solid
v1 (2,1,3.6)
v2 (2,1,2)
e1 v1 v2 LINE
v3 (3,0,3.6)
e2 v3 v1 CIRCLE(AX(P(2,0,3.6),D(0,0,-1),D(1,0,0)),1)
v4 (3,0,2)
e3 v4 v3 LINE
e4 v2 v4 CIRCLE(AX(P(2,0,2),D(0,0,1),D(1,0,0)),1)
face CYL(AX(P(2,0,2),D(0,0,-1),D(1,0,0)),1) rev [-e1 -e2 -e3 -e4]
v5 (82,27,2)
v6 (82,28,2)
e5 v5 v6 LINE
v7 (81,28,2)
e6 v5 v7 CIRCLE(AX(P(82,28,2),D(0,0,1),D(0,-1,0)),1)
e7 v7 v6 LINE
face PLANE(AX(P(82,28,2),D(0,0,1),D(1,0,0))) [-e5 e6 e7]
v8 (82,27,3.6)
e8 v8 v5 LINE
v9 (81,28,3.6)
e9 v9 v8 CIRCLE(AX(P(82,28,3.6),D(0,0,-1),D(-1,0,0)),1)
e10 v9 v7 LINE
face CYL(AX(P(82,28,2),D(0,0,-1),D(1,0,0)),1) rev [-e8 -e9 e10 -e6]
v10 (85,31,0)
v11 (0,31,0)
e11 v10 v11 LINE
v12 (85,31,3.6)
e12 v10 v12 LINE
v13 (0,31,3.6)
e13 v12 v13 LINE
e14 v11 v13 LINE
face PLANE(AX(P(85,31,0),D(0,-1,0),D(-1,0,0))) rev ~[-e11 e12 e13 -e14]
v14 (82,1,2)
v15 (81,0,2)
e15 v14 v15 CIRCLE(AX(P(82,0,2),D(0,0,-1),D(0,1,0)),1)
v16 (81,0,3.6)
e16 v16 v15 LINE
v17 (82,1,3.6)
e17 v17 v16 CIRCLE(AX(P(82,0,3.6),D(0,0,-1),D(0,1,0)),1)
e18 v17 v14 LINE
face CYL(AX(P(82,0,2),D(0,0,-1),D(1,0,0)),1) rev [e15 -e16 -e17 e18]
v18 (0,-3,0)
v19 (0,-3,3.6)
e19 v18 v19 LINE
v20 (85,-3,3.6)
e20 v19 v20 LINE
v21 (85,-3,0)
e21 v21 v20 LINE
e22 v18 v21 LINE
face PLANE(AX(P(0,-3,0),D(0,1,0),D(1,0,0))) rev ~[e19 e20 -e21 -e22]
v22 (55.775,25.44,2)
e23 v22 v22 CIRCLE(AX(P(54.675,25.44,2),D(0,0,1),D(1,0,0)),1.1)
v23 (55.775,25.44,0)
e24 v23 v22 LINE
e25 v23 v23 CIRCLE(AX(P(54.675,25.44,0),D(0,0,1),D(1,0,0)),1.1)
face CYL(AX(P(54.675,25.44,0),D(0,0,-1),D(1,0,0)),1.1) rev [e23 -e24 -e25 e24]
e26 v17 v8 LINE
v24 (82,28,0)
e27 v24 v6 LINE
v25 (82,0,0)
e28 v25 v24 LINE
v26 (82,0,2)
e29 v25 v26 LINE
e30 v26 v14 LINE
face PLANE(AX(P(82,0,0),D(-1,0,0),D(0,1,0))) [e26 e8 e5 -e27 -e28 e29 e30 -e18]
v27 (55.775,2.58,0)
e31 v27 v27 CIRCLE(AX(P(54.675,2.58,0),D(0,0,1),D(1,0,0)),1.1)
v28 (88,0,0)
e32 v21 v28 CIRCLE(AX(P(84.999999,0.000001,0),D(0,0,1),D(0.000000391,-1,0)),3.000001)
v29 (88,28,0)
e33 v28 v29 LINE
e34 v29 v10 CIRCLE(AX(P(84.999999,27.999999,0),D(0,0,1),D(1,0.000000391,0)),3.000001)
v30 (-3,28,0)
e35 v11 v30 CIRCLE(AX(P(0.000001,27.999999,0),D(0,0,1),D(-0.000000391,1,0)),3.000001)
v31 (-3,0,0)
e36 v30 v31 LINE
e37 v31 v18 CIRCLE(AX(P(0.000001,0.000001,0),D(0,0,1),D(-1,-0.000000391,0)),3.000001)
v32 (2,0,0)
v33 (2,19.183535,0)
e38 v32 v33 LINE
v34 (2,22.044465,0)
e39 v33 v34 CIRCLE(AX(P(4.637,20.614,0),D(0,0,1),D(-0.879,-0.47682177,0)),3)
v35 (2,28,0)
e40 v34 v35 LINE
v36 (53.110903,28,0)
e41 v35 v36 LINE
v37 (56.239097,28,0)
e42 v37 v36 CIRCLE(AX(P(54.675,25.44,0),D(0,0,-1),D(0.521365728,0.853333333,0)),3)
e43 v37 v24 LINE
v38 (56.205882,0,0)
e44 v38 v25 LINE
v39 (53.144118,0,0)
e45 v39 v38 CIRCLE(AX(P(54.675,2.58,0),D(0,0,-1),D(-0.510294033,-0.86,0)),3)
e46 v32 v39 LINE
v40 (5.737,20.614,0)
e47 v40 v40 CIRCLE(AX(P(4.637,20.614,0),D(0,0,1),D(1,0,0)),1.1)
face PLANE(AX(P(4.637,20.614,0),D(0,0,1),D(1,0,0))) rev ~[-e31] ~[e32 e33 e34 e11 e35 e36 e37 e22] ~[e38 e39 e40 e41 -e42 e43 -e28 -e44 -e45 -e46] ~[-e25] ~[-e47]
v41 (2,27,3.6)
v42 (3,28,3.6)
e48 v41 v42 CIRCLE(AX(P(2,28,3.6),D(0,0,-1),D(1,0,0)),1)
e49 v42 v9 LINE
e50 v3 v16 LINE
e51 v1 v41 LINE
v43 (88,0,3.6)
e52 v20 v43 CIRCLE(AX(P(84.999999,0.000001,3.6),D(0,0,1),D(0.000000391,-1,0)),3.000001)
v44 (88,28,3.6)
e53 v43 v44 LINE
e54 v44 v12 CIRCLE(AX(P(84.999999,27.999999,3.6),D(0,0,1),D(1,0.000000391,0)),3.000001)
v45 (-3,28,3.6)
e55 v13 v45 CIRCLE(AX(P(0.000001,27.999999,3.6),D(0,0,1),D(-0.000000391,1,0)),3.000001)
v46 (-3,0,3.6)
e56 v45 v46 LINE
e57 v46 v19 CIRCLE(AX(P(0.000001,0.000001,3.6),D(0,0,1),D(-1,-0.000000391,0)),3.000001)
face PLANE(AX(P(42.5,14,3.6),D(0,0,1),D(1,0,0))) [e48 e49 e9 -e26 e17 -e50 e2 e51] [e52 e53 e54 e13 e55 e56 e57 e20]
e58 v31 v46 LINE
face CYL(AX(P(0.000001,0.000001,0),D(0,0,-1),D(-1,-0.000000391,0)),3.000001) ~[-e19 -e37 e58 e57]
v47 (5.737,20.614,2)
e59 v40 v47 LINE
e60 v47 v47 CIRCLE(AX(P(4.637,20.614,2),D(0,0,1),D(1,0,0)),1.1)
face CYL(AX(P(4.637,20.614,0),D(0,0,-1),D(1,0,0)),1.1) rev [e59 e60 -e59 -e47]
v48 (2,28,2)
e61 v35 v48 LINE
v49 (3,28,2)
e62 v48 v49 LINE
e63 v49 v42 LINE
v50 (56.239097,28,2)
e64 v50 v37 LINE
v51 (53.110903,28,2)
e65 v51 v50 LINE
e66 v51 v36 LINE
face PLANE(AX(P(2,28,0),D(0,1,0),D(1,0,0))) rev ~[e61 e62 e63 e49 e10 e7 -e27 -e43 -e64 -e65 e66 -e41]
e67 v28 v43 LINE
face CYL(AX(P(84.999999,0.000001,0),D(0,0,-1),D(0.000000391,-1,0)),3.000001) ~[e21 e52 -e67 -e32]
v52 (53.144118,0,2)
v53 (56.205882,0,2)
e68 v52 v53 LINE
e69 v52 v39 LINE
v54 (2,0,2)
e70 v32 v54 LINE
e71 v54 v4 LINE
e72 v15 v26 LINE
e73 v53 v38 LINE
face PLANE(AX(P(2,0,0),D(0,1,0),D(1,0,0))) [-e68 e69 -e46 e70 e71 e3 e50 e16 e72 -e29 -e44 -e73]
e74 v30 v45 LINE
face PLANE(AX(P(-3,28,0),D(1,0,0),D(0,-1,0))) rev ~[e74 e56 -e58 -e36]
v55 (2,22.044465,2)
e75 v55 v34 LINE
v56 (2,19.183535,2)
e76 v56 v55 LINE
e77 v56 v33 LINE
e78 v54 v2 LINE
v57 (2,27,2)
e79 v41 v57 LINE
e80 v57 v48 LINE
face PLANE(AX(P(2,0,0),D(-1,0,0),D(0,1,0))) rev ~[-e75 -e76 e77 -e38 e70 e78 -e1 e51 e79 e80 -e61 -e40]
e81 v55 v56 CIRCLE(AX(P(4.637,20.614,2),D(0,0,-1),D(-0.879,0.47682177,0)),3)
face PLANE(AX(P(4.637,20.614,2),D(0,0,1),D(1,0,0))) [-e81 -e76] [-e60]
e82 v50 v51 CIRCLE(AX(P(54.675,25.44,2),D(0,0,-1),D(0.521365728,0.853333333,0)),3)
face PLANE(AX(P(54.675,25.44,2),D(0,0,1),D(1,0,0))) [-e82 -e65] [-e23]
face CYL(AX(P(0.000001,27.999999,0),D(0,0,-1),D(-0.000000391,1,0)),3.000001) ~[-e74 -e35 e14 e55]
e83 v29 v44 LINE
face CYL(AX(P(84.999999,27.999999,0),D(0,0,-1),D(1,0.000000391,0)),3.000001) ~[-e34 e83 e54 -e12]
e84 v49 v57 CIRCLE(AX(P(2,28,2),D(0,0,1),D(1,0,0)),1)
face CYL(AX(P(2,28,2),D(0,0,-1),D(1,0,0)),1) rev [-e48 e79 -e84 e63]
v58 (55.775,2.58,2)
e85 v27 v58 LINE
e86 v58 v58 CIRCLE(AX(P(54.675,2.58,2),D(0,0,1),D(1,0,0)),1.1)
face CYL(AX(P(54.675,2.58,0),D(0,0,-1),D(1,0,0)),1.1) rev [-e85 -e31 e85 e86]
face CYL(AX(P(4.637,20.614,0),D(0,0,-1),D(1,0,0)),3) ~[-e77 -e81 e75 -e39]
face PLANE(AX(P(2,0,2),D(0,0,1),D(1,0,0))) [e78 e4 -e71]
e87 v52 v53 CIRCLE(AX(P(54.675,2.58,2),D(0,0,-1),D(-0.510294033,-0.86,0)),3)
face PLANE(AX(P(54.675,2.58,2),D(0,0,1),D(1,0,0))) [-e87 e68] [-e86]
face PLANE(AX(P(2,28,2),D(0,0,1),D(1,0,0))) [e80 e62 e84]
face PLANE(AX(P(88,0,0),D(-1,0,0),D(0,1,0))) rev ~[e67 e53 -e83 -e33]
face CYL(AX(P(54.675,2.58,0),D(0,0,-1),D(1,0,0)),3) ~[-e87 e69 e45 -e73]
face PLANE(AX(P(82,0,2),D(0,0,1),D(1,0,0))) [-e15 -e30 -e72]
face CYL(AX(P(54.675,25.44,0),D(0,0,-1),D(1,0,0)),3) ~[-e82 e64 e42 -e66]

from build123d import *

# Parameters (mm, degrees)
SKETCH013_W     = 80
SKETCH013_H     = 28
PAD007_DEPTH    = 3.6
SKETCH014_R     = 3
SKETCH014_R_2   = 1.1
PAD008_DEPTH    = 2
SKETCH016_R     = 1
POCKET003_DEPTH = 5


with BuildPart() as part:
    # Sketch013 → Pad007 (new body)
    with BuildSketch(Plane.XY):
        with BuildLine():
            Line((0, -3), (85, -3))
            ThreePointArc((85, -3), (87.12132, -2.12132), (88, 0))
            Line((88, 0), (88, 28))
            ThreePointArc((88, 28), (87.12132, 30.12132), (85, 31))
            Line((85, 31), (0, 31))
            ThreePointArc((0, 31), (-2.12132, 30.12132), (-3, 28))
            Line((-3, 28), (-3, 0))
            ThreePointArc((-3, 0), (-2.12132, -2.12132), (0, -3))
        make_face()
        with Locations((42, 14)):
            Rectangle(SKETCH013_W, SKETCH013_H, mode=Mode.SUBTRACT)
    extrude(amount=PAD007_DEPTH)

    # Sketch014 → Pad008 (join)
    with BuildSketch(Plane.XY):
        with Locations((4.637, 20.614)):
            Circle(SKETCH014_R)
        with Locations((4.637, 20.614)):
            Circle(SKETCH014_R_2, mode=Mode.SUBTRACT)
        with Locations((54.675, 25.44)):
            Circle(SKETCH014_R)
        with Locations((54.675, 25.44)):
            Circle(SKETCH014_R_2, mode=Mode.SUBTRACT)
        with Locations((54.675, 2.58)):
            Circle(SKETCH014_R)
        with Locations((54.675, 2.58)):
            Circle(SKETCH014_R_2, mode=Mode.SUBTRACT)
    extrude(amount=PAD008_DEPTH)

    # Sketch016 → Pocket003 (cut)
    with BuildSketch(Plane.XY.offset(2)):
        with Locations((2, 28)):
            Circle(SKETCH016_R)
        with Locations((82, 28)):
            Circle(SKETCH016_R)
        with Locations((82, 0)):
            Circle(SKETCH016_R)
        with Locations((2, 0)):
            Circle(SKETCH016_R)
    extrude(amount=POCKET003_DEPTH, mode=Mode.SUBTRACT)


solid = part.part
